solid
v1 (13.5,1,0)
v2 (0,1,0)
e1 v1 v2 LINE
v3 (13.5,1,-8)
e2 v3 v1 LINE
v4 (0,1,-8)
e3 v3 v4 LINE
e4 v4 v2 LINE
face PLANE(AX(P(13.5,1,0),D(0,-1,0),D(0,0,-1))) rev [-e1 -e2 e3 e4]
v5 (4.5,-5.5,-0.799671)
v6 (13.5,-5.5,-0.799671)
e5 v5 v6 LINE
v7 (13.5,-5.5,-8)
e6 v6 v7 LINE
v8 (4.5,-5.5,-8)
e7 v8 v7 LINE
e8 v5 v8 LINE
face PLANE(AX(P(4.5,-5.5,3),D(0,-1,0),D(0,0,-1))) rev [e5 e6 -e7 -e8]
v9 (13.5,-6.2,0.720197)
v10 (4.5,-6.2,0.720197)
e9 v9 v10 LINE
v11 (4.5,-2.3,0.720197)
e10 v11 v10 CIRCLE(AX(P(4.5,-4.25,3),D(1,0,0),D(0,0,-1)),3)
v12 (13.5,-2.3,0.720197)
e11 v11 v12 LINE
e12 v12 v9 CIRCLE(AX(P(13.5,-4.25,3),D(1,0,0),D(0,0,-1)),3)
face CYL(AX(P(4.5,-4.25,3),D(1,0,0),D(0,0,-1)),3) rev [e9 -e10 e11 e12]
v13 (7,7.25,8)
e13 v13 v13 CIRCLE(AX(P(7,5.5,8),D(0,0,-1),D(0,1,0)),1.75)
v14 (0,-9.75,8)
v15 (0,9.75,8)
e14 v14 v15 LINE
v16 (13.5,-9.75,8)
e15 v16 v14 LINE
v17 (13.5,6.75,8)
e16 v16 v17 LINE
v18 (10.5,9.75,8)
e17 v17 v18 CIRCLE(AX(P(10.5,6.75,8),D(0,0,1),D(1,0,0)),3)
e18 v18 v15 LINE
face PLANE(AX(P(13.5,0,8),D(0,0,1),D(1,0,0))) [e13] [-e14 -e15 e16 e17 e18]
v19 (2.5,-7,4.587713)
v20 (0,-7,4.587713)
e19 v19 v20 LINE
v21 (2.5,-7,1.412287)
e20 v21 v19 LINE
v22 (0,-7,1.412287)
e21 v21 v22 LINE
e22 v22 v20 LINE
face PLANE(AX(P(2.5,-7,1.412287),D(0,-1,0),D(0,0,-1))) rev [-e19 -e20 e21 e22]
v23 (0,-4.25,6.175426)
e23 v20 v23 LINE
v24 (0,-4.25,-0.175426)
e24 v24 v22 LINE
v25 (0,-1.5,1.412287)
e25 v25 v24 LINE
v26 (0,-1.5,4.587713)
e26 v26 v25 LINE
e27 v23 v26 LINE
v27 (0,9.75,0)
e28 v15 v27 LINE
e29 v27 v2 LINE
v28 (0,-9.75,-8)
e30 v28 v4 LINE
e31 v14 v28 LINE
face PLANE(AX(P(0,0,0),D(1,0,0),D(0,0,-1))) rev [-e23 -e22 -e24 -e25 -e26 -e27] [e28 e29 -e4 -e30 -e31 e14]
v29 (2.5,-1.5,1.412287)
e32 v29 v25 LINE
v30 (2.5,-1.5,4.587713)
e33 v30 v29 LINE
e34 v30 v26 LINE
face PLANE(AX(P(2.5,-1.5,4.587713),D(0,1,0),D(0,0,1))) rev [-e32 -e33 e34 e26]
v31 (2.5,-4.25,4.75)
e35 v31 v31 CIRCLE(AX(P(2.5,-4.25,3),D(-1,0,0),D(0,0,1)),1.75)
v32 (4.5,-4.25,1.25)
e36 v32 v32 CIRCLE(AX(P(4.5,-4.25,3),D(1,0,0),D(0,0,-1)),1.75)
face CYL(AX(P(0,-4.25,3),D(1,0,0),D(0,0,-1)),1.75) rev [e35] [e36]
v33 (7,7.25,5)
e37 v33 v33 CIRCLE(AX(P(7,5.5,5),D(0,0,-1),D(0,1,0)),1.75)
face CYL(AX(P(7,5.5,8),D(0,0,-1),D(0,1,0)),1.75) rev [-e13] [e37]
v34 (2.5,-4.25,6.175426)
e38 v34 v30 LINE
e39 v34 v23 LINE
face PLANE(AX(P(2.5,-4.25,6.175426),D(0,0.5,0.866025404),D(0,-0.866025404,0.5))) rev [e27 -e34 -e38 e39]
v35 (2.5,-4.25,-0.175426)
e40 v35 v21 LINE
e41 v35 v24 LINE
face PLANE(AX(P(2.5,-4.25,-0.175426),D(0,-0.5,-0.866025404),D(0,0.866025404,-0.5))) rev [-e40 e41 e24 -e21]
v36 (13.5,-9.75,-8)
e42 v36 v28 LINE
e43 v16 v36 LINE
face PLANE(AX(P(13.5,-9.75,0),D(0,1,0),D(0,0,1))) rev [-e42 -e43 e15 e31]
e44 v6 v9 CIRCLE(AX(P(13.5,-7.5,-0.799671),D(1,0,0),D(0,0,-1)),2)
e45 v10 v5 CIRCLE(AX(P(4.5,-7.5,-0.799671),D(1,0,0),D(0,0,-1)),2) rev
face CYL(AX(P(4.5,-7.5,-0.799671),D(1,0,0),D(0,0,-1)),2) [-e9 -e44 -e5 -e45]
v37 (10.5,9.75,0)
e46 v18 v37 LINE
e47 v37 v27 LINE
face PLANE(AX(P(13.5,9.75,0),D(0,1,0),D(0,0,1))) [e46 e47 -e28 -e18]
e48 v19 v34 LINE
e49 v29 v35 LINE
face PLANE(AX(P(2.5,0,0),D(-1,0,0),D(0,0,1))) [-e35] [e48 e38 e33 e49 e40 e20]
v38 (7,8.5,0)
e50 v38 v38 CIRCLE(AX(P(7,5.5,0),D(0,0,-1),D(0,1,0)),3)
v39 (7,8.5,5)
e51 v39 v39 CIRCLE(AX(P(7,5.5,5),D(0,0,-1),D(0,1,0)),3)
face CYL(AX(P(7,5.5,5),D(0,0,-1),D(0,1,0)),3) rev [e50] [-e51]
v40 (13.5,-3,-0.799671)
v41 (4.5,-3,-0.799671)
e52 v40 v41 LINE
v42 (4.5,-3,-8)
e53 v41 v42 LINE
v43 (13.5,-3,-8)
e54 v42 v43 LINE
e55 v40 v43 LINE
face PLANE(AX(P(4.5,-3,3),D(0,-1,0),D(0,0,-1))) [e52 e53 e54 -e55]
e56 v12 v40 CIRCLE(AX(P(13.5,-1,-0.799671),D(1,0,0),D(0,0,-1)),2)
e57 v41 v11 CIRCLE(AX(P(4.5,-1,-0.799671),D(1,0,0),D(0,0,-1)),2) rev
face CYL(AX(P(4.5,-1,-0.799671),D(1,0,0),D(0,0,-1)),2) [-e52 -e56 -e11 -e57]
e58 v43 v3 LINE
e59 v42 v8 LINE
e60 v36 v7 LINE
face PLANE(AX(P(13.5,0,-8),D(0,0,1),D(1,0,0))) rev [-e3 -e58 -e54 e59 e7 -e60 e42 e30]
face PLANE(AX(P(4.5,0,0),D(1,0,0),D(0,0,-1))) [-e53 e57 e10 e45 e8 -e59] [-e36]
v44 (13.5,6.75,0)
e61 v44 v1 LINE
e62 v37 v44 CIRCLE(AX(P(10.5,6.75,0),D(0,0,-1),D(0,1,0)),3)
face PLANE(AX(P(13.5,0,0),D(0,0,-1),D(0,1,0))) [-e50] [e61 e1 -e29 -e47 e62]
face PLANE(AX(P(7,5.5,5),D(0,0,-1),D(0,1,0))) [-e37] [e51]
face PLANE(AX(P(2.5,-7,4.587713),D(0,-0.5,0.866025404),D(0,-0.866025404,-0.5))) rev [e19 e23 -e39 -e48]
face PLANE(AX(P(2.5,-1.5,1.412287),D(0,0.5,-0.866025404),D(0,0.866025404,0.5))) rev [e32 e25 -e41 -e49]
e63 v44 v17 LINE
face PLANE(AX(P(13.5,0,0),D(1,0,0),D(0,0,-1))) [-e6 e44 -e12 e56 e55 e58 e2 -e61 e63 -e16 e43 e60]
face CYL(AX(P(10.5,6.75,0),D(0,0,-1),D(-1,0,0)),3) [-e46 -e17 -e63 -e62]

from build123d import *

# Parameters (mm, degrees)
BOSS_EXTRUDE1_DEPTH     = 13.5
SKETCH2_R               = 3
SKETCH2_W               = 11
SKETCH2_H               = 2.5
CUT_EXTRUDE1_DEPTH      = 9
CUT_EXTRUDE2_DEPTH      = 16.493950432
CUT_EXTRUDE2_DEPTH_BACK = 16.493950432
SKETCH3_R               = 1.75
CUT_EXTRUDE4_START      = -2.5
SKETCH4_R               = 1.75
CUT_EXTRUDE4_DEPTH      = 2.5
SKETCH5_R               = 1.75
CUT_EXTRUDE5_DEPTH      = 19.474644787
SKETCH6_R               = 3
SKETCH6_R_2             = 1.75
CUT_EXTRUDE6_DEPTH      = 5
FILLET1_R               = 3
FILLET2_R               = 2


with BuildPart() as part:
    # Sketch1 → Boss-Extrude1 (new body)
    with BuildSketch(Plane(origin=(0, 0, 0), x_dir=(0, 0, -1), z_dir=(1, 0, 0))):
        Polygon((-8, 9.75), (-8, -9.75), (8, -9.75), (8, 1), (0, 1), (0, 9.75), align=None)
    extrude(amount=BOSS_EXTRUDE1_DEPTH)

    # Sketch2 → Cut-Extrude1 (cut)
    with BuildSketch(Plane(origin=(13.5, 0, 0), x_dir=(0, 0, -1), z_dir=(1, 0, 0))):
        with Locations((-3, -4.25)):
            Circle(SKETCH2_R)
        with Locations((2.5, -4.25)):
            Rectangle(SKETCH2_W, SKETCH2_H)
    extrude(amount=-CUT_EXTRUDE1_DEPTH, mode=Mode.SUBTRACT)

    # Sketch3 → Cut-Extrude2 (cut, two sides: drawn at the far end of the back side and taken through both)
    with BuildSketch(Plane(origin=(4.5, 0, 0), x_dir=(0, 0, -1), z_dir=(1, 0, 0)).offset(-CUT_EXTRUDE2_DEPTH_BACK)):
        with Locations((-3, -4.25)):
            Circle(SKETCH3_R)
    extrude(amount=CUT_EXTRUDE2_DEPTH + CUT_EXTRUDE2_DEPTH_BACK, mode=Mode.SUBTRACT)

    # Sketch4 → Cut-Extrude4 (cut)
    with BuildSketch(Plane.ZY.offset(CUT_EXTRUDE4_START)):
        Polygon((6.175426481, -4.25), (4.58771324, -1.5), (1.41228676, -1.5), (-0.175426481, -4.25), (1.41228676, -7), (4.58771324, -7), align=None)
        with Locations(Location((3, -4.25, 0), (0, 0, 180))):
            Circle(SKETCH4_R, mode=Mode.SUBTRACT)
    extrude(amount=CUT_EXTRUDE4_DEPTH, mode=Mode.SUBTRACT)

    # Sketch5 → Cut-Extrude5 (cut, through all)
    with BuildSketch(Plane(origin=(0, 0, 0), x_dir=(-1, 0, 0), z_dir=(0, 0, -1))):
        with Locations(Location((-7, 5.5, 0), (0, 0, 90))):
            Circle(SKETCH5_R)
    extrude(amount=-CUT_EXTRUDE5_DEPTH, mode=Mode.SUBTRACT)

    # Sketch6 → Cut-Extrude6 (cut)
    with BuildSketch(Plane(origin=(0, 0, 0), x_dir=(-1, 0, 0), z_dir=(0, 0, -1))):
        with Locations(Location((-7, 5.5, 0), (0, 0, 90))):
            Circle(SKETCH6_R)
        with Locations(Location((-7, 5.5, 0), (0, 0, 90))):
            Circle(SKETCH6_R_2, mode=Mode.SUBTRACT)
    extrude(amount=-CUT_EXTRUDE6_DEPTH, mode=Mode.SUBTRACT)

    # Fillet1
    fillet1_edges = [part.edges().sort_by_distance(p)[0] for p in [
        (13.5, 9.75, 4),
    ]]
    fillet(fillet1_edges, radius=FILLET1_R)

    # Fillet2
    fillet2_edges = [part.edges().sort_by_distance(p)[0] for p in [
        (9, -3, 0.272821971),
        (9, -5.5, 0.272821971),
    ]]
    fillet(fillet2_edges, radius=FILLET2_R)


solid = part.part
